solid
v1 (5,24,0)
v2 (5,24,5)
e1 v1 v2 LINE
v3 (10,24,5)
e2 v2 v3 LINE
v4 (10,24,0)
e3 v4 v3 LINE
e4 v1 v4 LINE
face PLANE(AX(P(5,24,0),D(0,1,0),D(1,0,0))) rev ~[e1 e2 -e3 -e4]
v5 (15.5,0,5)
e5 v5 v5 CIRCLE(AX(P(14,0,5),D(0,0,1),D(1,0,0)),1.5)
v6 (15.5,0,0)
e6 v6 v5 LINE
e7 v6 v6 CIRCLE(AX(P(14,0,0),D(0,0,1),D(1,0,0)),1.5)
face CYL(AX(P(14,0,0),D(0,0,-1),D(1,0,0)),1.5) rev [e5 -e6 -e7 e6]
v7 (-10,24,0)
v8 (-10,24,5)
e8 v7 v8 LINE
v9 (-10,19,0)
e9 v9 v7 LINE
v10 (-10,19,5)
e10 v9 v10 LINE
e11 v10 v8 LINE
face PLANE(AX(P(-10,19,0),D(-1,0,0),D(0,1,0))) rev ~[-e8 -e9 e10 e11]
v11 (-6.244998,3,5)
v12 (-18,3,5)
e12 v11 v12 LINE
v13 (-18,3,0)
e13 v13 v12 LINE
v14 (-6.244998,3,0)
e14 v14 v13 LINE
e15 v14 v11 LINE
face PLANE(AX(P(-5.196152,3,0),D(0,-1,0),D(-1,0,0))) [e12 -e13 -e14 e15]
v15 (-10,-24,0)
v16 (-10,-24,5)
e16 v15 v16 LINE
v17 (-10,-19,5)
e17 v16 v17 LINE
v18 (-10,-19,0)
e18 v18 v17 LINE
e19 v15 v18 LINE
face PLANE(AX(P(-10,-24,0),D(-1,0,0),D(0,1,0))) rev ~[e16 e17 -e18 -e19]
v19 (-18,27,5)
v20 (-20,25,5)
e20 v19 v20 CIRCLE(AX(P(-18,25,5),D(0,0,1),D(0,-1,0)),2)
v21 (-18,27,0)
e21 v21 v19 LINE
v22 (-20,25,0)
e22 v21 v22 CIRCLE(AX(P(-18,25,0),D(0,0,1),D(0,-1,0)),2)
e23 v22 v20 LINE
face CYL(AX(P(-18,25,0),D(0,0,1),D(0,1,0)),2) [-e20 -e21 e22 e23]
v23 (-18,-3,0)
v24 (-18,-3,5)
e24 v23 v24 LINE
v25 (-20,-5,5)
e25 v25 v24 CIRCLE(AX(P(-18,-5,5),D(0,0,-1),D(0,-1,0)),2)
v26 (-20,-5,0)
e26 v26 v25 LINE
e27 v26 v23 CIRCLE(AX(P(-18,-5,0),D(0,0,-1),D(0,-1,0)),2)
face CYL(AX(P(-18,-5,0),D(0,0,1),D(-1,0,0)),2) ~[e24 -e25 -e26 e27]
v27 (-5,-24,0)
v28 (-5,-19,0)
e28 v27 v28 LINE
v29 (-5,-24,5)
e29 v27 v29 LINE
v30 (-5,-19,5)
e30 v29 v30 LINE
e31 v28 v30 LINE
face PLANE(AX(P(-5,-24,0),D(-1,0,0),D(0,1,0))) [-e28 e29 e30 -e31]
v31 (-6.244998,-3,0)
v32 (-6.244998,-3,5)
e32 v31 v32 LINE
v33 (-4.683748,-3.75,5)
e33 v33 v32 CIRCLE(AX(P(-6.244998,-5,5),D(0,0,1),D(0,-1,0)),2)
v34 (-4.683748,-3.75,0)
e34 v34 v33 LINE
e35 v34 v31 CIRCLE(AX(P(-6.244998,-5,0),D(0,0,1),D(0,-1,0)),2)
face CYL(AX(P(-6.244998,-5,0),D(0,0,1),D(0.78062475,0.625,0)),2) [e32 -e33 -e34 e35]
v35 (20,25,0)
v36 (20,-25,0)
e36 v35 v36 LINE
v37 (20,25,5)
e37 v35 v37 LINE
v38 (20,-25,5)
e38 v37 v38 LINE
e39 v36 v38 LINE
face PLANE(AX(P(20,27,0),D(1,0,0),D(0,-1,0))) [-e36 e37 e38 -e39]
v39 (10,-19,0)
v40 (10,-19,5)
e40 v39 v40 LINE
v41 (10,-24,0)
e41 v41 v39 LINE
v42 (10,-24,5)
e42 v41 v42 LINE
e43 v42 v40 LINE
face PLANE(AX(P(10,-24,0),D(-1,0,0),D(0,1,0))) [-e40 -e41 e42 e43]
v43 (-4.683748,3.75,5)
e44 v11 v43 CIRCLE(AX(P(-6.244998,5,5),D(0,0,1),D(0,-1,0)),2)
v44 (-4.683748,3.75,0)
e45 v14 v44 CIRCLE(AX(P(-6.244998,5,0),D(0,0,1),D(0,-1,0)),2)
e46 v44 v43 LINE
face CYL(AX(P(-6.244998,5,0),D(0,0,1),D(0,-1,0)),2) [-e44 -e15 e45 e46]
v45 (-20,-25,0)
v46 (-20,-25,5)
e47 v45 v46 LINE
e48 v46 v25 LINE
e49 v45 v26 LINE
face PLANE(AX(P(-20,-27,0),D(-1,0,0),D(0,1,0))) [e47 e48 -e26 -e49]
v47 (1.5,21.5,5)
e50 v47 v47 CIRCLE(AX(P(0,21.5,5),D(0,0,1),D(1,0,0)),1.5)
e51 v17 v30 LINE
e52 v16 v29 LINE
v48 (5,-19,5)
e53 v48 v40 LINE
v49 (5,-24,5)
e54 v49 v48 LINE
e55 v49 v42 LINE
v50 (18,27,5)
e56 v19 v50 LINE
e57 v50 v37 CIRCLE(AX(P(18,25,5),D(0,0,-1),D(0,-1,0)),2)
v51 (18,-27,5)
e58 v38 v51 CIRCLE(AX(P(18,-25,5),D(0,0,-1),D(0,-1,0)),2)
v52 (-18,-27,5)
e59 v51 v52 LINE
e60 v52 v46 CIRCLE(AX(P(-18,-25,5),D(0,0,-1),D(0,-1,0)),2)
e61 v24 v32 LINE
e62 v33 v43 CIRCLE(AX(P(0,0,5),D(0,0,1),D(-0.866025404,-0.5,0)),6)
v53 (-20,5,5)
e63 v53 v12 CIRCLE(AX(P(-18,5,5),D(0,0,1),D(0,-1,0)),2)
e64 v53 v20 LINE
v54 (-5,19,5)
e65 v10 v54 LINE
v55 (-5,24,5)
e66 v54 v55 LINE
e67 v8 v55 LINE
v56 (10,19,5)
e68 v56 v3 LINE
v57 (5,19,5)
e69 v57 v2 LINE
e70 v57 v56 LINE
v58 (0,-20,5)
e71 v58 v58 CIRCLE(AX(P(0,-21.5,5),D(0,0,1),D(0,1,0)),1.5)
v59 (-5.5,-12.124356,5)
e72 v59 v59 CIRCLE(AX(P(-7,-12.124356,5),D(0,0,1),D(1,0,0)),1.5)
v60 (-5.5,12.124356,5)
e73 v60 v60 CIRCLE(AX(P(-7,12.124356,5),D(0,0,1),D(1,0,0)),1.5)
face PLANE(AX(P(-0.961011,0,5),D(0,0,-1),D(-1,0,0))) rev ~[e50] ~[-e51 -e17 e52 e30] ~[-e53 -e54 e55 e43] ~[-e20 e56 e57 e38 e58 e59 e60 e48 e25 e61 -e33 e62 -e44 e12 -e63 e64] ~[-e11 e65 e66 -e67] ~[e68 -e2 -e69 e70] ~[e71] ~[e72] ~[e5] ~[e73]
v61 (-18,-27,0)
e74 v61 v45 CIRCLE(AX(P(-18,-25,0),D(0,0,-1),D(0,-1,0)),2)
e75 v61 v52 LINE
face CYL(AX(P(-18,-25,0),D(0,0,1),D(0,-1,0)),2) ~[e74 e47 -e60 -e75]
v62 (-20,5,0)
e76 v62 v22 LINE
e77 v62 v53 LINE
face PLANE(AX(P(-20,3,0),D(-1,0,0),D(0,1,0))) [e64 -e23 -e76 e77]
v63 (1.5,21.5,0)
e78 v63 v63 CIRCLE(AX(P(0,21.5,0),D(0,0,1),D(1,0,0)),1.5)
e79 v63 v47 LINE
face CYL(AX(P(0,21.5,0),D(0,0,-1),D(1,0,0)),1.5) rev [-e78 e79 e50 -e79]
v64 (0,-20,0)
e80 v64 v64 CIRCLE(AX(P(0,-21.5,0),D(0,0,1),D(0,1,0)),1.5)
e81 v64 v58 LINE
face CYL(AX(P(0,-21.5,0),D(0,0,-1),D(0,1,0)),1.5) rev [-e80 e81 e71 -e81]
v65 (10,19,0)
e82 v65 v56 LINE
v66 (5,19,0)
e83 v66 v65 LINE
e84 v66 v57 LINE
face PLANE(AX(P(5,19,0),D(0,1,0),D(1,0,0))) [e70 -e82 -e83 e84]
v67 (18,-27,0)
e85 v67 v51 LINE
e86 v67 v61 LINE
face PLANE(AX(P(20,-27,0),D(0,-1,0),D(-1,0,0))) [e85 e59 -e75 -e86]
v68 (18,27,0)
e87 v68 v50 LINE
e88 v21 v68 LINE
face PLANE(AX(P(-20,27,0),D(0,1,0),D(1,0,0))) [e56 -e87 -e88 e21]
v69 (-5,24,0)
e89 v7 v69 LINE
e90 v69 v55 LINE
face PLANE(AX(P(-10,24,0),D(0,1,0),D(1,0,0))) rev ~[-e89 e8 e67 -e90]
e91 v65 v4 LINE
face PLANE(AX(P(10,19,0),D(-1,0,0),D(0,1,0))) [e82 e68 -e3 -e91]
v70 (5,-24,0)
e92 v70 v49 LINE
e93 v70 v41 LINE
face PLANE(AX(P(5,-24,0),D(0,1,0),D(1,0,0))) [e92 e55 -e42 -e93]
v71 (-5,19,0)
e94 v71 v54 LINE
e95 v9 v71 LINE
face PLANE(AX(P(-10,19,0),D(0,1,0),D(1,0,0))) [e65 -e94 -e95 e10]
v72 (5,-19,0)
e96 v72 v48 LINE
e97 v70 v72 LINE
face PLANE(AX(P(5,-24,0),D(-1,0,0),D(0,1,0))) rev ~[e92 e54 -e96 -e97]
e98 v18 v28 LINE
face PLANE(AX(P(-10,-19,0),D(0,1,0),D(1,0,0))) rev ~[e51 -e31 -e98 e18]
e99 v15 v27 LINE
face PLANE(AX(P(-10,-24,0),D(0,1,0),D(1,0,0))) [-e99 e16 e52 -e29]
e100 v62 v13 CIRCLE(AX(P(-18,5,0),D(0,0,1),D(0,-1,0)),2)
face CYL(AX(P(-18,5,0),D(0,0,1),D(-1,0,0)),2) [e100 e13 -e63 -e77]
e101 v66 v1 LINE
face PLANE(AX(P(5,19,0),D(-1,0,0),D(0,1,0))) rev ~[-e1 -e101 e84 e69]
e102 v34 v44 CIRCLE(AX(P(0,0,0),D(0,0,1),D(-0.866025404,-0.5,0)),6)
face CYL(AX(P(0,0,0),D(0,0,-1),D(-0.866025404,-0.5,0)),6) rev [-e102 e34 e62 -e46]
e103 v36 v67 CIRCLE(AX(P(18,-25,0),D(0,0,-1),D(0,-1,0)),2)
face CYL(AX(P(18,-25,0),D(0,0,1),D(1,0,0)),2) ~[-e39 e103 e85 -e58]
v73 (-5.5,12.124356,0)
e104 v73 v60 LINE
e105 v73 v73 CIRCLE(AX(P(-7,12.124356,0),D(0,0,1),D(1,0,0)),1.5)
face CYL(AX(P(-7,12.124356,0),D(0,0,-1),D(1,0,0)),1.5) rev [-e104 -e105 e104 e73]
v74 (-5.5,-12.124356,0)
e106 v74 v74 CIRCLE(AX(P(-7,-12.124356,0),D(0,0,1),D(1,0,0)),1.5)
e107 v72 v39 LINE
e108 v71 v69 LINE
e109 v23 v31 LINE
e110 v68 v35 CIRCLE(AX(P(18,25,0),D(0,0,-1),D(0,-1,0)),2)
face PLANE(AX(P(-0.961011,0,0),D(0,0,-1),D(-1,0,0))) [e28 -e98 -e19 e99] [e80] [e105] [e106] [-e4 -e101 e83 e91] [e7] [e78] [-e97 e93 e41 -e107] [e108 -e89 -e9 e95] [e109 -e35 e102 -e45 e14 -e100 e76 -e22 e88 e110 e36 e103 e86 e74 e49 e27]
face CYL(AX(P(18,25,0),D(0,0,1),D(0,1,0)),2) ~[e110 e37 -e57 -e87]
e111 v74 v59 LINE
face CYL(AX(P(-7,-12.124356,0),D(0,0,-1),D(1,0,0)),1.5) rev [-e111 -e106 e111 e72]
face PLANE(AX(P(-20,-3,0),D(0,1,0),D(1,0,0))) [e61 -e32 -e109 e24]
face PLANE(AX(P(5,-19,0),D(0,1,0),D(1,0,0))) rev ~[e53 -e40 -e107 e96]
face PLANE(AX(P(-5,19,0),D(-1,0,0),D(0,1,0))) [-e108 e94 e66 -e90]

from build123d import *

# Parameters (mm, degrees)
ESQUISSE1_R        = 1.5
ESQUISSE1_W        = 5
ESQUISSE1_H        = 5
BOSS_EXTRU_1_DEPTH = 5
CONG_1_R           = 2


with BuildPart() as part:
    # Esquisse1 → Boss.-Extru.1 (new body)
    with BuildSketch(Plane.XY):
        with BuildLine():
            Line((-20, 27), (20, 27))
            Line((20, 27), (20, -27))
            Line((20, -27), (-20, -27))
            Line((-20, -27), (-20, -3))
            Line((-20, -3), (-5.196152423, -3))
            ThreePointArc((-5.196152423, -3), (6, 0), (-5.196152423, 3))
            Line((-5.196152423, 3), (-20, 3))
            Line((-20, 3), (-20, 27))
        make_face()
        with Locations((14, 0)):
            Circle(ESQUISSE1_R, mode=Mode.SUBTRACT)
        with Locations((-7, -12.124355653)):
            Circle(ESQUISSE1_R, mode=Mode.SUBTRACT)
        with Locations((-7, 12.124355653)):
            Circle(ESQUISSE1_R, mode=Mode.SUBTRACT)
        with Locations((0, 21.5)):
            Circle(ESQUISSE1_R, mode=Mode.SUBTRACT)
        with Locations(Location((0, -21.5, 0), (0, 0, 90))):
            Circle(ESQUISSE1_R, mode=Mode.SUBTRACT)
        with Locations((-7.5, 21.5)):
            Rectangle(ESQUISSE1_W, ESQUISSE1_H, mode=Mode.SUBTRACT)
        with Locations((7.5, 21.5)):
            Rectangle(ESQUISSE1_W, ESQUISSE1_H, mode=Mode.SUBTRACT)
        with Locations((-7.5, -21.5)):
            Rectangle(ESQUISSE1_W, ESQUISSE1_H, mode=Mode.SUBTRACT)
        with Locations((7.5, -21.5)):
            Rectangle(ESQUISSE1_W, ESQUISSE1_H, mode=Mode.SUBTRACT)
    extrude(amount=BOSS_EXTRU_1_DEPTH)

    # Congé1
    cong_1_edges = [part.edges().sort_by_distance(p)[0] for p in [
        (-20, -27, 2.5),
        (-20, -3, 2.5),
        (-5.196152423, -3, 2.5),
        (-5.196152423, 3, 2.5),
        (-20, 3, 2.5),
        (-20, 27, 2.5),
        (20, 27, 2.5),
        (20, -27, 2.5),
    ]]
    fillet(cong_1_edges, radius=CONG_1_R)


solid = part.part
